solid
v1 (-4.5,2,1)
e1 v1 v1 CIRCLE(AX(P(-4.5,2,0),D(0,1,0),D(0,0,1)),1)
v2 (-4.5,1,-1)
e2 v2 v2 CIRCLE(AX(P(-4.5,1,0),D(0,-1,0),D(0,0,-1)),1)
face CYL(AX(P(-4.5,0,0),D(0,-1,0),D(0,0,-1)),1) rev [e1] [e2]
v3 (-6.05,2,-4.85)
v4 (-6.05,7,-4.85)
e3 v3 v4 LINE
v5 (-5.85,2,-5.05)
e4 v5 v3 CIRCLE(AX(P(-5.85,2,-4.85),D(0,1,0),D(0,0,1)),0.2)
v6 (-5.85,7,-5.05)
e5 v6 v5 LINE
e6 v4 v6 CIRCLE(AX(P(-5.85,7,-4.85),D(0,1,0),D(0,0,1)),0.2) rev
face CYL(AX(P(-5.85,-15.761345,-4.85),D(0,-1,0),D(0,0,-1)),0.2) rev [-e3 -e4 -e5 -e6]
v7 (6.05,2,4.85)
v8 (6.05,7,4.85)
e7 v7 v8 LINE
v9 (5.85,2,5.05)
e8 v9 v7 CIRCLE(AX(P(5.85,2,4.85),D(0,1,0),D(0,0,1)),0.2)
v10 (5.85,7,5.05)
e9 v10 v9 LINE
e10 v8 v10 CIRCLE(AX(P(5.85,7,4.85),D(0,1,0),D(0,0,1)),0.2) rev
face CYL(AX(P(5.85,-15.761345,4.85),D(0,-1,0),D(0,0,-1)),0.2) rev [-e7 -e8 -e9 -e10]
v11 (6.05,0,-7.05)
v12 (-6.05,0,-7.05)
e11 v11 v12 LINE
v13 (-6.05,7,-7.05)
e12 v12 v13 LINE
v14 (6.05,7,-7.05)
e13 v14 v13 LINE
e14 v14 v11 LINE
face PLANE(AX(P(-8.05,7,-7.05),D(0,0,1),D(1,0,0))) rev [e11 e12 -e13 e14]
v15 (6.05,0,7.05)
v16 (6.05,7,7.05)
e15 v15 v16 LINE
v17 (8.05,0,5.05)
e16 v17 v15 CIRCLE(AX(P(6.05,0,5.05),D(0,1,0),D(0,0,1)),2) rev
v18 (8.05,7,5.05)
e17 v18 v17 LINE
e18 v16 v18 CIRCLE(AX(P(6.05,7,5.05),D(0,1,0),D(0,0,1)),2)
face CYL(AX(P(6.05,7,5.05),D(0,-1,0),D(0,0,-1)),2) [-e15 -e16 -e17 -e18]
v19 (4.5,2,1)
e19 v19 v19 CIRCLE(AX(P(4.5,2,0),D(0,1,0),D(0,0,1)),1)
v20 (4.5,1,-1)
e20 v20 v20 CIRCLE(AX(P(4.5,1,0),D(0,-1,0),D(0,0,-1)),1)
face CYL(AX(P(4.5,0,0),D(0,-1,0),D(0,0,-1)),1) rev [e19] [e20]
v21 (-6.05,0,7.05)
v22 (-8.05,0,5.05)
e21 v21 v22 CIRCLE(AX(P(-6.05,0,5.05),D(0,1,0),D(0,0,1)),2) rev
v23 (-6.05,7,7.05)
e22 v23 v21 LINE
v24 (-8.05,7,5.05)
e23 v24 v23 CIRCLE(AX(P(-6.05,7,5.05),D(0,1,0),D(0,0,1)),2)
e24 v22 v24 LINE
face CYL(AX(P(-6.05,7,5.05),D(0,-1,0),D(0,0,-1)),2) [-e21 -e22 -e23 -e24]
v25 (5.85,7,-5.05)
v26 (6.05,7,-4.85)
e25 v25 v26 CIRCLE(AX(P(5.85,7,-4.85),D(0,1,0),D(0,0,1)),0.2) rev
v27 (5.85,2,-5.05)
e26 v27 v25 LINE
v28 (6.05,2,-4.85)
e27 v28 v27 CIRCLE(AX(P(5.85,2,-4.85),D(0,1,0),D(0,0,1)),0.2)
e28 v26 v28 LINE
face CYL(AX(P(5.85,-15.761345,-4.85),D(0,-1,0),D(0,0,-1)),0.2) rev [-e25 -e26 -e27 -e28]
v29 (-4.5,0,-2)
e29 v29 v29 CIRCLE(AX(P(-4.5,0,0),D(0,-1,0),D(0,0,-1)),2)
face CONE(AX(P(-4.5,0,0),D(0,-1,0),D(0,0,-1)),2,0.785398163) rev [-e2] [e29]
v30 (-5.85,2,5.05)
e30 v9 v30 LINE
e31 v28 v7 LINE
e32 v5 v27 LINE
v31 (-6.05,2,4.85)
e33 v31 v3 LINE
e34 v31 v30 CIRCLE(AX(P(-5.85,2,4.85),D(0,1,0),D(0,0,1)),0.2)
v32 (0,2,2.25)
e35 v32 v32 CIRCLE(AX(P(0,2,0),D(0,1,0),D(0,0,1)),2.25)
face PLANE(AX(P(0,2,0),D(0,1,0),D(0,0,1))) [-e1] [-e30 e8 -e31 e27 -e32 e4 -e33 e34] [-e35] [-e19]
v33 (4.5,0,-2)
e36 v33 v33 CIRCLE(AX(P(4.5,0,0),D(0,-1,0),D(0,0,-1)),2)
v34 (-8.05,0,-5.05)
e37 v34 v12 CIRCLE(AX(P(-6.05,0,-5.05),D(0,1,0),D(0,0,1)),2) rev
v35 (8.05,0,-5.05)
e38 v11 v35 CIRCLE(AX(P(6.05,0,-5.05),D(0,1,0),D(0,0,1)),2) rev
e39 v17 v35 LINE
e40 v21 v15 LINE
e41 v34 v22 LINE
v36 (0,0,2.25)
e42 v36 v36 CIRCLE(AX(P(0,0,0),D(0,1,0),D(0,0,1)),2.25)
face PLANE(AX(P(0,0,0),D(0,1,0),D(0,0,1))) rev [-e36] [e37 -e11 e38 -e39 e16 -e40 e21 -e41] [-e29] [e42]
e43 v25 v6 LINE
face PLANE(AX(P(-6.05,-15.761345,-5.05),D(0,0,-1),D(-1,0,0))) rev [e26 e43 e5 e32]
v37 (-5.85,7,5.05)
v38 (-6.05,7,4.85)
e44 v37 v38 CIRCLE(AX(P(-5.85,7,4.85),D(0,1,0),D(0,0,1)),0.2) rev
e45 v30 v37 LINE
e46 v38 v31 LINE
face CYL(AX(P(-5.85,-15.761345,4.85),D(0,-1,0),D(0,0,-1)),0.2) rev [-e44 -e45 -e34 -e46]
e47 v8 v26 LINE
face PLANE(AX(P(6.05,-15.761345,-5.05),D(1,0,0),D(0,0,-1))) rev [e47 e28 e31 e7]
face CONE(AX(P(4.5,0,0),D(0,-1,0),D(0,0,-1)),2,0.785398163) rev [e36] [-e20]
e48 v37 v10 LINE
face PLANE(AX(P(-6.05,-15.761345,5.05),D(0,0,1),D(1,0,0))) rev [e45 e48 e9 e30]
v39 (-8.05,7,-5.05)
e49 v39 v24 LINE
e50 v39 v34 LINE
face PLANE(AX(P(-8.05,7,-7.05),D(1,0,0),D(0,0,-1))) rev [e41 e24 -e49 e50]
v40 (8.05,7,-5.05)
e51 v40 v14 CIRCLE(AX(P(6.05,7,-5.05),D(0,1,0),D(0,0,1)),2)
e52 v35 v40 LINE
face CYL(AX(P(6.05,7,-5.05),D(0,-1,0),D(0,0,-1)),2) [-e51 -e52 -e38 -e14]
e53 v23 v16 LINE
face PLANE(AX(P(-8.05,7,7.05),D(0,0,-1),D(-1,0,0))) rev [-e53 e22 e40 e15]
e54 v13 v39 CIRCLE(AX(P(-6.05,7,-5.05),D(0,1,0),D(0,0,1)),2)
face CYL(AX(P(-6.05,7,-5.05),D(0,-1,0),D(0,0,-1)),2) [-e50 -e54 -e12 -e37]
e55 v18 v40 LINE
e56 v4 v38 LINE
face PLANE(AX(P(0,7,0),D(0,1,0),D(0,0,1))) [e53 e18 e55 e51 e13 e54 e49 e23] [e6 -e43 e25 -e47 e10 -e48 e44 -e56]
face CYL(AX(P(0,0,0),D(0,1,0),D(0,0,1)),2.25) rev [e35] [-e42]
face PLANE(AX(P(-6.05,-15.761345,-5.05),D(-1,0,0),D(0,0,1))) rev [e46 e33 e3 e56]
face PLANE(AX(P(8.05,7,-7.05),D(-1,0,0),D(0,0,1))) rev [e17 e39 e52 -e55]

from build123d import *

# Parameters (mm, degrees)
SKETCH1_W                                            = 16.1
SKETCH1_H                                            = 14.1
BOSS_EXTRUDE1_DEPTH                                  = 7
SKETCH3_W                                            = 12.1
SKETCH3_H                                            = 10.1
CUT_EXTRUDE1_DEPTH                                   = 5
CSK_FOR_M1_6_COUNTERSUNK_FLAT_HEAD_SCREW_D           = 2
CSK_FOR_M1_6_COUNTERSUNK_FLAT_HEAD_SCREW_DEPTH       = 2
CSK_FOR_M1_6_COUNTERSUNK_FLAT_HEAD_SCREW_CSINK_D     = 4
CSK_FOR_M1_6_COUNTERSUNK_FLAT_HEAD_SCREW_CSINK_ANGLE = 90
SKETCH8_R                                            = 2.25
CUT_EXTRUDE2_DEPTH                                   = 3
FILLET1_R                                            = 2
FILLET2_R                                            = 0.2


with BuildPart() as part:
    # Sketch1 → Boss-Extrude1 (new body)
    with BuildSketch(Plane(origin=(0, 0, 0), x_dir=(1, 0, 0), z_dir=(0, 1, 0))):
        Rectangle(SKETCH1_W, SKETCH1_H)
    extrude(amount=BOSS_EXTRUDE1_DEPTH)

    # Sketch3 → Cut-Extrude1 (cut)
    with BuildSketch(Plane(origin=(0, 7, 0), x_dir=(1, 0, 0), z_dir=(0, 1, 0))):
        Rectangle(SKETCH3_W, SKETCH3_H)
    extrude(amount=-CUT_EXTRUDE1_DEPTH, mode=Mode.SUBTRACT)

    # CSK for M1.6 Countersunk Flat Head Screw1
    with Locations(Plane(origin=(0, 0, 0), x_dir=(-1, 0, 0), z_dir=(0, -1, 0))):
        with Locations((4.5, 0), (-4.5, 0)):
            CounterSinkHole(CSK_FOR_M1_6_COUNTERSUNK_FLAT_HEAD_SCREW_D / 2, CSK_FOR_M1_6_COUNTERSUNK_FLAT_HEAD_SCREW_CSINK_D / 2, depth=CSK_FOR_M1_6_COUNTERSUNK_FLAT_HEAD_SCREW_DEPTH, counter_sink_angle=CSK_FOR_M1_6_COUNTERSUNK_FLAT_HEAD_SCREW_CSINK_ANGLE)

    # Sketch8 → Cut-Extrude2 (cut, through all)
    with BuildSketch(Plane(origin=(0, 2, 0), x_dir=(1, 0, 0), z_dir=(0, 1, 0))):
        Circle(SKETCH8_R)
    extrude(amount=-CUT_EXTRUDE2_DEPTH, mode=Mode.SUBTRACT)

    # Fillet1
    fillet1_edges = [part.edges().sort_by_distance(p)[0] for p in [
        (-8.05, 3.5, -7.05),
        (8.05, 3.5, -7.05),
        (8.05, 3.5, 7.05),
        (-8.05, 3.5, 7.05),
    ]]
    fillet(fillet1_edges, radius=FILLET1_R)

    # Fillet2
    fillet2_edges = [part.edges().sort_by_distance(p)[0] for p in [
        (-6.05, 4.5, 5.05),
        (-6.05, 4.5, -5.05),
        (6.05, 4.5, -5.05),
        (6.05, 4.5, 5.05),
    ]]
    fillet(fillet2_edges, radius=FILLET2_R)


solid = part.part
